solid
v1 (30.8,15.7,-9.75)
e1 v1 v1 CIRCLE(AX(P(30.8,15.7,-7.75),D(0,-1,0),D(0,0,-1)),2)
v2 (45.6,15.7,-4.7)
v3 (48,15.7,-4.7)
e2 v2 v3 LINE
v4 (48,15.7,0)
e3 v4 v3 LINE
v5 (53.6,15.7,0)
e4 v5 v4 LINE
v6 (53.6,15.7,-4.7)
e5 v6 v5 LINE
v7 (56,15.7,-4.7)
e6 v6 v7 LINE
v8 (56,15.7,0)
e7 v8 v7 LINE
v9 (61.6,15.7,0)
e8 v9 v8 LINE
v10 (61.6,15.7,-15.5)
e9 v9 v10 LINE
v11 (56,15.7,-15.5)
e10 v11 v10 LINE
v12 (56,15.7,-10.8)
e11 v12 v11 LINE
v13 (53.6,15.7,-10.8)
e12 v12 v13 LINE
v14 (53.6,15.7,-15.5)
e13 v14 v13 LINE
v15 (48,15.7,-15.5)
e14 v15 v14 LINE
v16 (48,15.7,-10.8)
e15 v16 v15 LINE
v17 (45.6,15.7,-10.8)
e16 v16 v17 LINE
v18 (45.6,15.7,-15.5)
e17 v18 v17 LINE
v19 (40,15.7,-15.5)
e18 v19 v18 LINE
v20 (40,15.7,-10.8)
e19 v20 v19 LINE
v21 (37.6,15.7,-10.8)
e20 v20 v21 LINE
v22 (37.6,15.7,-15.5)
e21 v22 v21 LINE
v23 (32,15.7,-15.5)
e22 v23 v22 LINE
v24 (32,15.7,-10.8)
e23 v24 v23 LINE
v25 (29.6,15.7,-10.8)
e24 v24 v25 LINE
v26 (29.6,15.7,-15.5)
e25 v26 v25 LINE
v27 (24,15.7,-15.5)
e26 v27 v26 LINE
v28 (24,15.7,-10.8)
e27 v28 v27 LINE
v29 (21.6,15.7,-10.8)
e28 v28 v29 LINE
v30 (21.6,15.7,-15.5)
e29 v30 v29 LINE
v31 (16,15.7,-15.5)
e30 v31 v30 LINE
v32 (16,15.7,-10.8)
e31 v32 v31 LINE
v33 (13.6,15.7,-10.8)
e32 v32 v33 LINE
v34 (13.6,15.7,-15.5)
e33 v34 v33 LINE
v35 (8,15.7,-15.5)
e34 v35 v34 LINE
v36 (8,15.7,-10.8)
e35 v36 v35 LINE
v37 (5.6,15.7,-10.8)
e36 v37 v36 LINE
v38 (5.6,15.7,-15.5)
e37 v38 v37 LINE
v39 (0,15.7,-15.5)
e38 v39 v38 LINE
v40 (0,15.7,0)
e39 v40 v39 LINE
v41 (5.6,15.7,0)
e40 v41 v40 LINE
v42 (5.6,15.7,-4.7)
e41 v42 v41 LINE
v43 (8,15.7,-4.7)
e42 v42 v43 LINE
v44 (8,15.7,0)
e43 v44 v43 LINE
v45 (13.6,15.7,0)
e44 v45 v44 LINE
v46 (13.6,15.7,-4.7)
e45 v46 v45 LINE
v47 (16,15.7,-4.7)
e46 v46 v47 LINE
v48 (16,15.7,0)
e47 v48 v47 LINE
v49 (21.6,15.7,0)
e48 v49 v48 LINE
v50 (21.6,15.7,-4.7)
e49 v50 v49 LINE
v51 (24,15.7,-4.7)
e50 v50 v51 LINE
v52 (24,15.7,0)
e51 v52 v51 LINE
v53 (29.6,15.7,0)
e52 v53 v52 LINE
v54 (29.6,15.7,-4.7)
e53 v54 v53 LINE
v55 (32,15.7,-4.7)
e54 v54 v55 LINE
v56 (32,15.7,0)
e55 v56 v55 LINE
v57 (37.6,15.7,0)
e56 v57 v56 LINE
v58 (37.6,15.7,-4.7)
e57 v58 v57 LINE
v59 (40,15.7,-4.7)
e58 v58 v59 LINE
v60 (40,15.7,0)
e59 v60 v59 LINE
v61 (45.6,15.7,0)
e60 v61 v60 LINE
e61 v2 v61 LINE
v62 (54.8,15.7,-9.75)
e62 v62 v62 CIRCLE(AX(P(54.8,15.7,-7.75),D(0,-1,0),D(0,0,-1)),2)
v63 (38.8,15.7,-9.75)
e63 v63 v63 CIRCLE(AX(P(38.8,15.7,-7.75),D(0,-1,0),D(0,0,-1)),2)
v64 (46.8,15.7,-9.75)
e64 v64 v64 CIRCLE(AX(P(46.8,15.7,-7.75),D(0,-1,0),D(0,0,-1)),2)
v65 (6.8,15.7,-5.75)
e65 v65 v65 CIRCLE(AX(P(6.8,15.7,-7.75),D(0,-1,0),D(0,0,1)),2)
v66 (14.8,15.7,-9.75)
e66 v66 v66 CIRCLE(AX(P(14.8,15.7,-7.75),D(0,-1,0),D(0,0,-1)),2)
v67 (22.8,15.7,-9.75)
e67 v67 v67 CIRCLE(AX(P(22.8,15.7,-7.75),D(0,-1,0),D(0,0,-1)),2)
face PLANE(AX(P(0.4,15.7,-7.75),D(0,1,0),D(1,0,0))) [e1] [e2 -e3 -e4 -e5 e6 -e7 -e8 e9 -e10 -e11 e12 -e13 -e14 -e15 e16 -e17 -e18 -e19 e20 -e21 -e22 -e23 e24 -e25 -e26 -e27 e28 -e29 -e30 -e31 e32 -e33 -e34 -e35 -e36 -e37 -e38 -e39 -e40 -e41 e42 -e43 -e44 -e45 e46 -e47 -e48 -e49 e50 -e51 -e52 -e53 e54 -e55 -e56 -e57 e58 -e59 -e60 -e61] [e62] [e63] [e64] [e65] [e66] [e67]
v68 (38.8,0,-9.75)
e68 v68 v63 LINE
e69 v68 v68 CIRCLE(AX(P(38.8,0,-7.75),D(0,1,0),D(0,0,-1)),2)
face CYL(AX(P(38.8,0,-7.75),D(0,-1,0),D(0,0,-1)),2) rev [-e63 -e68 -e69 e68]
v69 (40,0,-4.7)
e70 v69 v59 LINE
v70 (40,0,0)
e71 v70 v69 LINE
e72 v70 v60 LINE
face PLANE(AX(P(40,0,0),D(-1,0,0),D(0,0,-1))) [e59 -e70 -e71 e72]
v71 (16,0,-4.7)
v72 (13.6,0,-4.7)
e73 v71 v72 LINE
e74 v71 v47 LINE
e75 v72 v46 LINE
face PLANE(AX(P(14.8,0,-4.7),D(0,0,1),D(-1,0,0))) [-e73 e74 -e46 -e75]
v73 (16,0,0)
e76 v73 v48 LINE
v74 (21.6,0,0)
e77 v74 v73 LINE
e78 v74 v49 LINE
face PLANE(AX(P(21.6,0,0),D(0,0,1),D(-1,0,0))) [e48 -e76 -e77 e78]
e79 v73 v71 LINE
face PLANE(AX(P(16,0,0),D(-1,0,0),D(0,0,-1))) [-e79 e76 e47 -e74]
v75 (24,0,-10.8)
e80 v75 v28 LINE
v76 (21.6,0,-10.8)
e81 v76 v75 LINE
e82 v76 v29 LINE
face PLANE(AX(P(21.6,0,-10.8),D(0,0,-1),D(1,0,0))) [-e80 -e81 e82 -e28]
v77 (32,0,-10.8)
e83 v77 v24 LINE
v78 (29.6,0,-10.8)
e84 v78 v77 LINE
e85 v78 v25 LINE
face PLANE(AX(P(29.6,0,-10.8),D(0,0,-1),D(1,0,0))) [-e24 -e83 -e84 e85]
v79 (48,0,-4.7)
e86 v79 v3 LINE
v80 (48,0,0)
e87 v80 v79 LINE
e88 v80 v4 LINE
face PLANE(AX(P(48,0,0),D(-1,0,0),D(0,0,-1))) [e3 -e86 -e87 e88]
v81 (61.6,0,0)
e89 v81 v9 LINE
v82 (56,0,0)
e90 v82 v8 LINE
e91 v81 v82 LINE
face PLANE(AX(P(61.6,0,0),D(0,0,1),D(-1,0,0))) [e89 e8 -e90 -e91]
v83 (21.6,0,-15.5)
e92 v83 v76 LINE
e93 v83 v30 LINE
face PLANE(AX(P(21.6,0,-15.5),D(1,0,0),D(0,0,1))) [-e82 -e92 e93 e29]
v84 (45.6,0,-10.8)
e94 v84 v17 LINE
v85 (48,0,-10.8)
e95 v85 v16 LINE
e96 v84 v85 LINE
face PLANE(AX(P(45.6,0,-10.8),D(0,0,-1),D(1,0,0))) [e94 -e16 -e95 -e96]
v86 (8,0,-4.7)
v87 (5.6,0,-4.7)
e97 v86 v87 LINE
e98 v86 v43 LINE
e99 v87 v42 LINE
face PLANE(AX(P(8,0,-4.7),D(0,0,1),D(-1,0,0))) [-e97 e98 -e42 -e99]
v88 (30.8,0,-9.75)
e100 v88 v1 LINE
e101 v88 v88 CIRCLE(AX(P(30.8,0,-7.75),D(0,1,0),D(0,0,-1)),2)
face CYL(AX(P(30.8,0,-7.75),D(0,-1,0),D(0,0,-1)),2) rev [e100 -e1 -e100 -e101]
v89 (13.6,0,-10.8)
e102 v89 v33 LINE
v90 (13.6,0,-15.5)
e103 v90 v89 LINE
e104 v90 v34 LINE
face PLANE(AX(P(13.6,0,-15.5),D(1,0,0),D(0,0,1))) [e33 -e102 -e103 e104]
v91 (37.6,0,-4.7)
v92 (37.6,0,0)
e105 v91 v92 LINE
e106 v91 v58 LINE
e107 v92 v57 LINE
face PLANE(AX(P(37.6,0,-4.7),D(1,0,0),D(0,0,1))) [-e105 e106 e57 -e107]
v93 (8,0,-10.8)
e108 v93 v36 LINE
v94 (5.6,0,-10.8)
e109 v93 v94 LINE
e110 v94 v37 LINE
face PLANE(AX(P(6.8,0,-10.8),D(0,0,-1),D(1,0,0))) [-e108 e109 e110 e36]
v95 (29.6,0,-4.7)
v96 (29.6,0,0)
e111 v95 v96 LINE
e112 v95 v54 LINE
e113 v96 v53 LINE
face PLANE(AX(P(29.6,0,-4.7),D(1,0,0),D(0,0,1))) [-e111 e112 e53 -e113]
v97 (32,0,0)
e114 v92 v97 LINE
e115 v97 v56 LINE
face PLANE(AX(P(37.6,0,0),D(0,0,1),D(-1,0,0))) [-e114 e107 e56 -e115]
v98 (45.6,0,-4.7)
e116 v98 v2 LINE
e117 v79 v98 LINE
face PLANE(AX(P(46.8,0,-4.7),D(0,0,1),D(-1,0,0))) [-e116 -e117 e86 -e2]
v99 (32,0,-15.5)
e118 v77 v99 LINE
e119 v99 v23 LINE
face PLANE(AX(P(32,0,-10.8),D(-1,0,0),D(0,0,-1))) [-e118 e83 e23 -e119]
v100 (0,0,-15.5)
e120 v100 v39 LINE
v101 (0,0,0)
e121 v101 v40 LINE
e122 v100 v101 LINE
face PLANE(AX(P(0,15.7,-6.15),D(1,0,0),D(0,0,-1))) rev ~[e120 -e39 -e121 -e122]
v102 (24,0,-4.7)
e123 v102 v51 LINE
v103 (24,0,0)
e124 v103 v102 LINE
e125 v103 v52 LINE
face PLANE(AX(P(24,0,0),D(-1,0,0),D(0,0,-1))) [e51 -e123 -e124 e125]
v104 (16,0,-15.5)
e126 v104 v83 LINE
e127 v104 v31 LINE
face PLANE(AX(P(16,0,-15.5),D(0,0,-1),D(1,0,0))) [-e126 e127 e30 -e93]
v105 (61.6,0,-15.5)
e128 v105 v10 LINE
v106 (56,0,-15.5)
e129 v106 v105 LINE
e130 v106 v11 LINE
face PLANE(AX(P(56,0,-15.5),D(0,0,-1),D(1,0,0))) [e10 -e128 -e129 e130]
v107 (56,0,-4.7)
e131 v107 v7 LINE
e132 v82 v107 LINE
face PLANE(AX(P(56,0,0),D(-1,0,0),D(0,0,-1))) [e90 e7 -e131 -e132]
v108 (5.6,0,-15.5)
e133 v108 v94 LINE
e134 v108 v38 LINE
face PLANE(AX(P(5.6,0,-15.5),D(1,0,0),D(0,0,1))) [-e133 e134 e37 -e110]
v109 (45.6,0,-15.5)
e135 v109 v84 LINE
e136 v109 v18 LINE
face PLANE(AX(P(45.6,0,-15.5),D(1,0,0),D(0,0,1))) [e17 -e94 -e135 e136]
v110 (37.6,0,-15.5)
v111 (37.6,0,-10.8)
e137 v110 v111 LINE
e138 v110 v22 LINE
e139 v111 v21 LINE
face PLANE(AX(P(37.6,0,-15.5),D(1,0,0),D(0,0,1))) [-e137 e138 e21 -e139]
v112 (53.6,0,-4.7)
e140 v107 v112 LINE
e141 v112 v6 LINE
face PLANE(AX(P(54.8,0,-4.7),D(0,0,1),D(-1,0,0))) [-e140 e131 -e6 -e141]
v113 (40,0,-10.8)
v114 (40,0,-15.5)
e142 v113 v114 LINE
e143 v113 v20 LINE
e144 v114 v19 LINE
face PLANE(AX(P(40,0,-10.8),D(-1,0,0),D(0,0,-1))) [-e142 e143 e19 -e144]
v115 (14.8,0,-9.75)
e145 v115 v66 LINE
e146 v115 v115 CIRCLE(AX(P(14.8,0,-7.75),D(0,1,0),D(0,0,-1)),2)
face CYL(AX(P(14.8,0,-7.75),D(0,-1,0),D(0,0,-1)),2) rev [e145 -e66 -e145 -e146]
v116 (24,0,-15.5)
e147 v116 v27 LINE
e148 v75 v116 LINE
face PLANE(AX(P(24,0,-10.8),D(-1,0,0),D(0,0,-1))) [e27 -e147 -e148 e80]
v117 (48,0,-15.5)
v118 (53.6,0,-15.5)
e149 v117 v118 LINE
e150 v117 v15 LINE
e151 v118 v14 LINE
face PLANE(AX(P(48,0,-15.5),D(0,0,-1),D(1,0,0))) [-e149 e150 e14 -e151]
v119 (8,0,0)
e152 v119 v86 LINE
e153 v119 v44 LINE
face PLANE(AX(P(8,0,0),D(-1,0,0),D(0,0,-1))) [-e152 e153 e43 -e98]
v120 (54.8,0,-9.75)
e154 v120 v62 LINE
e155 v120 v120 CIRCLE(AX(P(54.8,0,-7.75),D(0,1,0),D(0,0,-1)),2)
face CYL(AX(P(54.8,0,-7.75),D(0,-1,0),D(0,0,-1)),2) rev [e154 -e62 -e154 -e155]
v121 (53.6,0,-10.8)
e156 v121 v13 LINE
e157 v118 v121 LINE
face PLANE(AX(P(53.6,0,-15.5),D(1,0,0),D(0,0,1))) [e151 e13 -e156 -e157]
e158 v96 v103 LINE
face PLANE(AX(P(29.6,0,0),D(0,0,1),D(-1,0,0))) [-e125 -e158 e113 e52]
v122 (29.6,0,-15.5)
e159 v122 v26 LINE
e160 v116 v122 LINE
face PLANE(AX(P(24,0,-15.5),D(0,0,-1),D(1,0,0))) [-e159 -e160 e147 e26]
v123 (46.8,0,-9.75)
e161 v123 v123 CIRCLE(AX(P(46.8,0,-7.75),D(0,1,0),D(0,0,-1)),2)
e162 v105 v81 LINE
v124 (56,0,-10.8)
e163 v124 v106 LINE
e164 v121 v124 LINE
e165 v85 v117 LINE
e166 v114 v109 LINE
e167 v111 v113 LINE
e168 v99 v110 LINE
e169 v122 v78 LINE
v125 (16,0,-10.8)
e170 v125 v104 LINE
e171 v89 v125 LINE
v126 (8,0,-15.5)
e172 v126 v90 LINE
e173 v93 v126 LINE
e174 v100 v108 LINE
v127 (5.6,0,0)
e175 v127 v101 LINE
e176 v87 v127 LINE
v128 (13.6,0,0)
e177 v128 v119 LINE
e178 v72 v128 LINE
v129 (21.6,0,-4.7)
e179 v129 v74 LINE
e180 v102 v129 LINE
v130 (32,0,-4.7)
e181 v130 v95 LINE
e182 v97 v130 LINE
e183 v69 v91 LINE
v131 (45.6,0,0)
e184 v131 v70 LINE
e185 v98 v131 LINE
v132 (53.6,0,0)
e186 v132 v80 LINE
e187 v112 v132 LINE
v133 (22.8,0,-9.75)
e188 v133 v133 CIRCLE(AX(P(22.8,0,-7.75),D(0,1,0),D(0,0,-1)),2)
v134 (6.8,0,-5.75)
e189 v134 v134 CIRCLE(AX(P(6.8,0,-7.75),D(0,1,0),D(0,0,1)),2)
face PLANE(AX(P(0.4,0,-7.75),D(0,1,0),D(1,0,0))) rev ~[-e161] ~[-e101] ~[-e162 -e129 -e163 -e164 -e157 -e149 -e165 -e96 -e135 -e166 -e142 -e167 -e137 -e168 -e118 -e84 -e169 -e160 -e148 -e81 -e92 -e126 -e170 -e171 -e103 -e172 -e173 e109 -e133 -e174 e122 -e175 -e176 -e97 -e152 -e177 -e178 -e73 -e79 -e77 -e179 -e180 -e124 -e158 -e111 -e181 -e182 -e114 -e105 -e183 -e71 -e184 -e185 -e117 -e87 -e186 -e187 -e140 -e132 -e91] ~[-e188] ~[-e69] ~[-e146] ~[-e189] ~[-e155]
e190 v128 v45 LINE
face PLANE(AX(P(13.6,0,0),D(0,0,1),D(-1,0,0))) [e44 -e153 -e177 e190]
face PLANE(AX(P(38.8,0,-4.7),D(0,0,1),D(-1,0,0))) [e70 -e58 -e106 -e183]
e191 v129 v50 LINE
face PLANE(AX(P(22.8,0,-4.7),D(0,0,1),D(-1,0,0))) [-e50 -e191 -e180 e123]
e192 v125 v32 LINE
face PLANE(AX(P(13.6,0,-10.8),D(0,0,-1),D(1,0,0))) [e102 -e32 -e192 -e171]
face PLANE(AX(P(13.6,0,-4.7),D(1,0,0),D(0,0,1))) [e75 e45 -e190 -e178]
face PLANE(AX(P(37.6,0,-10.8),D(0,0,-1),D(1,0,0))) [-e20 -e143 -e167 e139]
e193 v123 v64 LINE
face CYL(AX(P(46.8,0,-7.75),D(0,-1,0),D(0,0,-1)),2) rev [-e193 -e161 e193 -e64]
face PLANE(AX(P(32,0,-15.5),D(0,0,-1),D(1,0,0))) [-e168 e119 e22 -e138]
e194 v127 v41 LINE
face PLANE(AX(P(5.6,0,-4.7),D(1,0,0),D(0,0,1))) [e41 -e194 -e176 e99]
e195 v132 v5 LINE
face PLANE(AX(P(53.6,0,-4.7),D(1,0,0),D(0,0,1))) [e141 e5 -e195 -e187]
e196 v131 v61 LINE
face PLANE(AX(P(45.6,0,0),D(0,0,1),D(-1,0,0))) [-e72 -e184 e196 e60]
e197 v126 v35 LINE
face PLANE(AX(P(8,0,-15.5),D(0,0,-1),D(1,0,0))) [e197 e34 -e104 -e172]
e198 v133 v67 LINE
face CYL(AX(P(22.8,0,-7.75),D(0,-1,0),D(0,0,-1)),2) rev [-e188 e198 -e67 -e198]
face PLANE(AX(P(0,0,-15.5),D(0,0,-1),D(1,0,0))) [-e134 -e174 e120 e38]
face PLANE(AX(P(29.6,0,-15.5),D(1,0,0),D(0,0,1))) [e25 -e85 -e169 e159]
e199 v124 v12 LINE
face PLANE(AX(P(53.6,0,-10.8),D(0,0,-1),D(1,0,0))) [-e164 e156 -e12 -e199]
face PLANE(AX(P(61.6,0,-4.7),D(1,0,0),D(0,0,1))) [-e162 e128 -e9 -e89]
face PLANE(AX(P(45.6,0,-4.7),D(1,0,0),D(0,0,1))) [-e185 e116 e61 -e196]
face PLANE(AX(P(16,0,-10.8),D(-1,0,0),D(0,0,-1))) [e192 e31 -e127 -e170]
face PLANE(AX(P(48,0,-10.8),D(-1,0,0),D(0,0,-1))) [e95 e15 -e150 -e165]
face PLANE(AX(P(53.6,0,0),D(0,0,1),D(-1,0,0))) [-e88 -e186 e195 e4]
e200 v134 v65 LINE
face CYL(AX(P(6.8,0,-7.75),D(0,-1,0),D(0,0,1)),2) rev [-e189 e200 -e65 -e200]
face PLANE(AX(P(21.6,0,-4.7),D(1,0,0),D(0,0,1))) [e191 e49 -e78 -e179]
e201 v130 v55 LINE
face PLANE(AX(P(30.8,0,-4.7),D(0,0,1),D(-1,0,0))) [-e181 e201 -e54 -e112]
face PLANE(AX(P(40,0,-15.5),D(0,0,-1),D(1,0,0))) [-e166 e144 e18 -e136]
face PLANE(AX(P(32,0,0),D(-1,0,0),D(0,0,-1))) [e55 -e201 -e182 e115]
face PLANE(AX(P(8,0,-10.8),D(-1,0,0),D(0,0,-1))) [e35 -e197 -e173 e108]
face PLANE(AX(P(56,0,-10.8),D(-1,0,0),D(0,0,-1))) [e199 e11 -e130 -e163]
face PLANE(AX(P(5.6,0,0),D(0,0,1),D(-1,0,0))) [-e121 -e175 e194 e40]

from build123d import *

# Parameters (mm, degrees)
BOSS_EXTRUDE1_DEPTH = 15.7
LPATTERN1_COUNT     = 8
LPATTERN1_PITCH     = 8
SKETCH2_W           = 1.2
SKETCH2_H           = 6.1
CUT_EXTRUDE1_DEPTH  = 67.562602113
SKETCH3_W           = 0.8
SKETCH3_H           = 3.2
BOSS_EXTRUDE2_DEPTH = 15.7


with BuildPart() as part:
    # Sketch1 → Boss-Extrude1 (new body)
    with BuildSketch(Plane(origin=(0, 0, 0), x_dir=(1, 0, 0), z_dir=(0, 1, 0))):
        with BuildLine():
            Line((0, 10.8), (0, 15.5))
            Line((0, 15.5), (5.6, 15.5))
            Line((5.6, 15.5), (5.6, 10.8))
            Line((5.6, 10.8), (6.8, 10.8))
            Line((6.8, 10.8), (6.8, 9.75))
            ThreePointArc((6.8, 9.75), (4.8, 7.75), (6.8, 5.75))
            Line((6.8, 5.75), (6.8, 4.7))
            Line((6.8, 4.7), (5.6, 4.7))
            Line((5.6, 4.7), (5.6, 0))
            Line((5.6, 0), (0, 0))
            Line((0, 0), (0, 4.7))
            Line((0, 4.7), (-1.2, 4.7))
            Line((-1.2, 4.7), (-1.2, 5.75))
            ThreePointArc((-1.2, 5.75), (0.8, 7.75), (-1.2, 9.75))
            Line((-1.2, 9.75), (-1.2, 10.8))
            Line((-1.2, 10.8), (0, 10.8))
        make_face()
    boss_extrude1 = extrude(amount=BOSS_EXTRUDE1_DEPTH)

    # LPattern1: Boss-Extrude1 ×8
    with Locations(*[(i * LPATTERN1_PITCH, 0, 0) for i in range(1, LPATTERN1_COUNT)]):
        add(boss_extrude1)

    # Sketch2 → Cut-Extrude1 (cut, through all)
    with BuildSketch(Plane(origin=(0, 15.7, 0), x_dir=(1, 0, 0), z_dir=(0, 1, 0))):
        with Locations((-0.6, 7.75)):
            Rectangle(SKETCH2_W, SKETCH2_H)
        with Locations((62.2, 7.75)):
            Rectangle(SKETCH2_W, SKETCH2_H)
    extrude(amount=-CUT_EXTRUDE1_DEPTH, mode=Mode.SUBTRACT)

    # Sketch3 → Boss-Extrude2 (add)
    with BuildSketch(Plane(origin=(0, 15.7, 0), x_dir=(1, 0, 0), z_dir=(0, 1, 0))):
        with Locations((0.4, 7.75)):
            Rectangle(SKETCH3_W, SKETCH3_H)
        with Locations((61.2, 7.75)):
            Rectangle(SKETCH3_W, SKETCH3_H)
    extrude(amount=-BOSS_EXTRUDE2_DEPTH)


solid = part.part
